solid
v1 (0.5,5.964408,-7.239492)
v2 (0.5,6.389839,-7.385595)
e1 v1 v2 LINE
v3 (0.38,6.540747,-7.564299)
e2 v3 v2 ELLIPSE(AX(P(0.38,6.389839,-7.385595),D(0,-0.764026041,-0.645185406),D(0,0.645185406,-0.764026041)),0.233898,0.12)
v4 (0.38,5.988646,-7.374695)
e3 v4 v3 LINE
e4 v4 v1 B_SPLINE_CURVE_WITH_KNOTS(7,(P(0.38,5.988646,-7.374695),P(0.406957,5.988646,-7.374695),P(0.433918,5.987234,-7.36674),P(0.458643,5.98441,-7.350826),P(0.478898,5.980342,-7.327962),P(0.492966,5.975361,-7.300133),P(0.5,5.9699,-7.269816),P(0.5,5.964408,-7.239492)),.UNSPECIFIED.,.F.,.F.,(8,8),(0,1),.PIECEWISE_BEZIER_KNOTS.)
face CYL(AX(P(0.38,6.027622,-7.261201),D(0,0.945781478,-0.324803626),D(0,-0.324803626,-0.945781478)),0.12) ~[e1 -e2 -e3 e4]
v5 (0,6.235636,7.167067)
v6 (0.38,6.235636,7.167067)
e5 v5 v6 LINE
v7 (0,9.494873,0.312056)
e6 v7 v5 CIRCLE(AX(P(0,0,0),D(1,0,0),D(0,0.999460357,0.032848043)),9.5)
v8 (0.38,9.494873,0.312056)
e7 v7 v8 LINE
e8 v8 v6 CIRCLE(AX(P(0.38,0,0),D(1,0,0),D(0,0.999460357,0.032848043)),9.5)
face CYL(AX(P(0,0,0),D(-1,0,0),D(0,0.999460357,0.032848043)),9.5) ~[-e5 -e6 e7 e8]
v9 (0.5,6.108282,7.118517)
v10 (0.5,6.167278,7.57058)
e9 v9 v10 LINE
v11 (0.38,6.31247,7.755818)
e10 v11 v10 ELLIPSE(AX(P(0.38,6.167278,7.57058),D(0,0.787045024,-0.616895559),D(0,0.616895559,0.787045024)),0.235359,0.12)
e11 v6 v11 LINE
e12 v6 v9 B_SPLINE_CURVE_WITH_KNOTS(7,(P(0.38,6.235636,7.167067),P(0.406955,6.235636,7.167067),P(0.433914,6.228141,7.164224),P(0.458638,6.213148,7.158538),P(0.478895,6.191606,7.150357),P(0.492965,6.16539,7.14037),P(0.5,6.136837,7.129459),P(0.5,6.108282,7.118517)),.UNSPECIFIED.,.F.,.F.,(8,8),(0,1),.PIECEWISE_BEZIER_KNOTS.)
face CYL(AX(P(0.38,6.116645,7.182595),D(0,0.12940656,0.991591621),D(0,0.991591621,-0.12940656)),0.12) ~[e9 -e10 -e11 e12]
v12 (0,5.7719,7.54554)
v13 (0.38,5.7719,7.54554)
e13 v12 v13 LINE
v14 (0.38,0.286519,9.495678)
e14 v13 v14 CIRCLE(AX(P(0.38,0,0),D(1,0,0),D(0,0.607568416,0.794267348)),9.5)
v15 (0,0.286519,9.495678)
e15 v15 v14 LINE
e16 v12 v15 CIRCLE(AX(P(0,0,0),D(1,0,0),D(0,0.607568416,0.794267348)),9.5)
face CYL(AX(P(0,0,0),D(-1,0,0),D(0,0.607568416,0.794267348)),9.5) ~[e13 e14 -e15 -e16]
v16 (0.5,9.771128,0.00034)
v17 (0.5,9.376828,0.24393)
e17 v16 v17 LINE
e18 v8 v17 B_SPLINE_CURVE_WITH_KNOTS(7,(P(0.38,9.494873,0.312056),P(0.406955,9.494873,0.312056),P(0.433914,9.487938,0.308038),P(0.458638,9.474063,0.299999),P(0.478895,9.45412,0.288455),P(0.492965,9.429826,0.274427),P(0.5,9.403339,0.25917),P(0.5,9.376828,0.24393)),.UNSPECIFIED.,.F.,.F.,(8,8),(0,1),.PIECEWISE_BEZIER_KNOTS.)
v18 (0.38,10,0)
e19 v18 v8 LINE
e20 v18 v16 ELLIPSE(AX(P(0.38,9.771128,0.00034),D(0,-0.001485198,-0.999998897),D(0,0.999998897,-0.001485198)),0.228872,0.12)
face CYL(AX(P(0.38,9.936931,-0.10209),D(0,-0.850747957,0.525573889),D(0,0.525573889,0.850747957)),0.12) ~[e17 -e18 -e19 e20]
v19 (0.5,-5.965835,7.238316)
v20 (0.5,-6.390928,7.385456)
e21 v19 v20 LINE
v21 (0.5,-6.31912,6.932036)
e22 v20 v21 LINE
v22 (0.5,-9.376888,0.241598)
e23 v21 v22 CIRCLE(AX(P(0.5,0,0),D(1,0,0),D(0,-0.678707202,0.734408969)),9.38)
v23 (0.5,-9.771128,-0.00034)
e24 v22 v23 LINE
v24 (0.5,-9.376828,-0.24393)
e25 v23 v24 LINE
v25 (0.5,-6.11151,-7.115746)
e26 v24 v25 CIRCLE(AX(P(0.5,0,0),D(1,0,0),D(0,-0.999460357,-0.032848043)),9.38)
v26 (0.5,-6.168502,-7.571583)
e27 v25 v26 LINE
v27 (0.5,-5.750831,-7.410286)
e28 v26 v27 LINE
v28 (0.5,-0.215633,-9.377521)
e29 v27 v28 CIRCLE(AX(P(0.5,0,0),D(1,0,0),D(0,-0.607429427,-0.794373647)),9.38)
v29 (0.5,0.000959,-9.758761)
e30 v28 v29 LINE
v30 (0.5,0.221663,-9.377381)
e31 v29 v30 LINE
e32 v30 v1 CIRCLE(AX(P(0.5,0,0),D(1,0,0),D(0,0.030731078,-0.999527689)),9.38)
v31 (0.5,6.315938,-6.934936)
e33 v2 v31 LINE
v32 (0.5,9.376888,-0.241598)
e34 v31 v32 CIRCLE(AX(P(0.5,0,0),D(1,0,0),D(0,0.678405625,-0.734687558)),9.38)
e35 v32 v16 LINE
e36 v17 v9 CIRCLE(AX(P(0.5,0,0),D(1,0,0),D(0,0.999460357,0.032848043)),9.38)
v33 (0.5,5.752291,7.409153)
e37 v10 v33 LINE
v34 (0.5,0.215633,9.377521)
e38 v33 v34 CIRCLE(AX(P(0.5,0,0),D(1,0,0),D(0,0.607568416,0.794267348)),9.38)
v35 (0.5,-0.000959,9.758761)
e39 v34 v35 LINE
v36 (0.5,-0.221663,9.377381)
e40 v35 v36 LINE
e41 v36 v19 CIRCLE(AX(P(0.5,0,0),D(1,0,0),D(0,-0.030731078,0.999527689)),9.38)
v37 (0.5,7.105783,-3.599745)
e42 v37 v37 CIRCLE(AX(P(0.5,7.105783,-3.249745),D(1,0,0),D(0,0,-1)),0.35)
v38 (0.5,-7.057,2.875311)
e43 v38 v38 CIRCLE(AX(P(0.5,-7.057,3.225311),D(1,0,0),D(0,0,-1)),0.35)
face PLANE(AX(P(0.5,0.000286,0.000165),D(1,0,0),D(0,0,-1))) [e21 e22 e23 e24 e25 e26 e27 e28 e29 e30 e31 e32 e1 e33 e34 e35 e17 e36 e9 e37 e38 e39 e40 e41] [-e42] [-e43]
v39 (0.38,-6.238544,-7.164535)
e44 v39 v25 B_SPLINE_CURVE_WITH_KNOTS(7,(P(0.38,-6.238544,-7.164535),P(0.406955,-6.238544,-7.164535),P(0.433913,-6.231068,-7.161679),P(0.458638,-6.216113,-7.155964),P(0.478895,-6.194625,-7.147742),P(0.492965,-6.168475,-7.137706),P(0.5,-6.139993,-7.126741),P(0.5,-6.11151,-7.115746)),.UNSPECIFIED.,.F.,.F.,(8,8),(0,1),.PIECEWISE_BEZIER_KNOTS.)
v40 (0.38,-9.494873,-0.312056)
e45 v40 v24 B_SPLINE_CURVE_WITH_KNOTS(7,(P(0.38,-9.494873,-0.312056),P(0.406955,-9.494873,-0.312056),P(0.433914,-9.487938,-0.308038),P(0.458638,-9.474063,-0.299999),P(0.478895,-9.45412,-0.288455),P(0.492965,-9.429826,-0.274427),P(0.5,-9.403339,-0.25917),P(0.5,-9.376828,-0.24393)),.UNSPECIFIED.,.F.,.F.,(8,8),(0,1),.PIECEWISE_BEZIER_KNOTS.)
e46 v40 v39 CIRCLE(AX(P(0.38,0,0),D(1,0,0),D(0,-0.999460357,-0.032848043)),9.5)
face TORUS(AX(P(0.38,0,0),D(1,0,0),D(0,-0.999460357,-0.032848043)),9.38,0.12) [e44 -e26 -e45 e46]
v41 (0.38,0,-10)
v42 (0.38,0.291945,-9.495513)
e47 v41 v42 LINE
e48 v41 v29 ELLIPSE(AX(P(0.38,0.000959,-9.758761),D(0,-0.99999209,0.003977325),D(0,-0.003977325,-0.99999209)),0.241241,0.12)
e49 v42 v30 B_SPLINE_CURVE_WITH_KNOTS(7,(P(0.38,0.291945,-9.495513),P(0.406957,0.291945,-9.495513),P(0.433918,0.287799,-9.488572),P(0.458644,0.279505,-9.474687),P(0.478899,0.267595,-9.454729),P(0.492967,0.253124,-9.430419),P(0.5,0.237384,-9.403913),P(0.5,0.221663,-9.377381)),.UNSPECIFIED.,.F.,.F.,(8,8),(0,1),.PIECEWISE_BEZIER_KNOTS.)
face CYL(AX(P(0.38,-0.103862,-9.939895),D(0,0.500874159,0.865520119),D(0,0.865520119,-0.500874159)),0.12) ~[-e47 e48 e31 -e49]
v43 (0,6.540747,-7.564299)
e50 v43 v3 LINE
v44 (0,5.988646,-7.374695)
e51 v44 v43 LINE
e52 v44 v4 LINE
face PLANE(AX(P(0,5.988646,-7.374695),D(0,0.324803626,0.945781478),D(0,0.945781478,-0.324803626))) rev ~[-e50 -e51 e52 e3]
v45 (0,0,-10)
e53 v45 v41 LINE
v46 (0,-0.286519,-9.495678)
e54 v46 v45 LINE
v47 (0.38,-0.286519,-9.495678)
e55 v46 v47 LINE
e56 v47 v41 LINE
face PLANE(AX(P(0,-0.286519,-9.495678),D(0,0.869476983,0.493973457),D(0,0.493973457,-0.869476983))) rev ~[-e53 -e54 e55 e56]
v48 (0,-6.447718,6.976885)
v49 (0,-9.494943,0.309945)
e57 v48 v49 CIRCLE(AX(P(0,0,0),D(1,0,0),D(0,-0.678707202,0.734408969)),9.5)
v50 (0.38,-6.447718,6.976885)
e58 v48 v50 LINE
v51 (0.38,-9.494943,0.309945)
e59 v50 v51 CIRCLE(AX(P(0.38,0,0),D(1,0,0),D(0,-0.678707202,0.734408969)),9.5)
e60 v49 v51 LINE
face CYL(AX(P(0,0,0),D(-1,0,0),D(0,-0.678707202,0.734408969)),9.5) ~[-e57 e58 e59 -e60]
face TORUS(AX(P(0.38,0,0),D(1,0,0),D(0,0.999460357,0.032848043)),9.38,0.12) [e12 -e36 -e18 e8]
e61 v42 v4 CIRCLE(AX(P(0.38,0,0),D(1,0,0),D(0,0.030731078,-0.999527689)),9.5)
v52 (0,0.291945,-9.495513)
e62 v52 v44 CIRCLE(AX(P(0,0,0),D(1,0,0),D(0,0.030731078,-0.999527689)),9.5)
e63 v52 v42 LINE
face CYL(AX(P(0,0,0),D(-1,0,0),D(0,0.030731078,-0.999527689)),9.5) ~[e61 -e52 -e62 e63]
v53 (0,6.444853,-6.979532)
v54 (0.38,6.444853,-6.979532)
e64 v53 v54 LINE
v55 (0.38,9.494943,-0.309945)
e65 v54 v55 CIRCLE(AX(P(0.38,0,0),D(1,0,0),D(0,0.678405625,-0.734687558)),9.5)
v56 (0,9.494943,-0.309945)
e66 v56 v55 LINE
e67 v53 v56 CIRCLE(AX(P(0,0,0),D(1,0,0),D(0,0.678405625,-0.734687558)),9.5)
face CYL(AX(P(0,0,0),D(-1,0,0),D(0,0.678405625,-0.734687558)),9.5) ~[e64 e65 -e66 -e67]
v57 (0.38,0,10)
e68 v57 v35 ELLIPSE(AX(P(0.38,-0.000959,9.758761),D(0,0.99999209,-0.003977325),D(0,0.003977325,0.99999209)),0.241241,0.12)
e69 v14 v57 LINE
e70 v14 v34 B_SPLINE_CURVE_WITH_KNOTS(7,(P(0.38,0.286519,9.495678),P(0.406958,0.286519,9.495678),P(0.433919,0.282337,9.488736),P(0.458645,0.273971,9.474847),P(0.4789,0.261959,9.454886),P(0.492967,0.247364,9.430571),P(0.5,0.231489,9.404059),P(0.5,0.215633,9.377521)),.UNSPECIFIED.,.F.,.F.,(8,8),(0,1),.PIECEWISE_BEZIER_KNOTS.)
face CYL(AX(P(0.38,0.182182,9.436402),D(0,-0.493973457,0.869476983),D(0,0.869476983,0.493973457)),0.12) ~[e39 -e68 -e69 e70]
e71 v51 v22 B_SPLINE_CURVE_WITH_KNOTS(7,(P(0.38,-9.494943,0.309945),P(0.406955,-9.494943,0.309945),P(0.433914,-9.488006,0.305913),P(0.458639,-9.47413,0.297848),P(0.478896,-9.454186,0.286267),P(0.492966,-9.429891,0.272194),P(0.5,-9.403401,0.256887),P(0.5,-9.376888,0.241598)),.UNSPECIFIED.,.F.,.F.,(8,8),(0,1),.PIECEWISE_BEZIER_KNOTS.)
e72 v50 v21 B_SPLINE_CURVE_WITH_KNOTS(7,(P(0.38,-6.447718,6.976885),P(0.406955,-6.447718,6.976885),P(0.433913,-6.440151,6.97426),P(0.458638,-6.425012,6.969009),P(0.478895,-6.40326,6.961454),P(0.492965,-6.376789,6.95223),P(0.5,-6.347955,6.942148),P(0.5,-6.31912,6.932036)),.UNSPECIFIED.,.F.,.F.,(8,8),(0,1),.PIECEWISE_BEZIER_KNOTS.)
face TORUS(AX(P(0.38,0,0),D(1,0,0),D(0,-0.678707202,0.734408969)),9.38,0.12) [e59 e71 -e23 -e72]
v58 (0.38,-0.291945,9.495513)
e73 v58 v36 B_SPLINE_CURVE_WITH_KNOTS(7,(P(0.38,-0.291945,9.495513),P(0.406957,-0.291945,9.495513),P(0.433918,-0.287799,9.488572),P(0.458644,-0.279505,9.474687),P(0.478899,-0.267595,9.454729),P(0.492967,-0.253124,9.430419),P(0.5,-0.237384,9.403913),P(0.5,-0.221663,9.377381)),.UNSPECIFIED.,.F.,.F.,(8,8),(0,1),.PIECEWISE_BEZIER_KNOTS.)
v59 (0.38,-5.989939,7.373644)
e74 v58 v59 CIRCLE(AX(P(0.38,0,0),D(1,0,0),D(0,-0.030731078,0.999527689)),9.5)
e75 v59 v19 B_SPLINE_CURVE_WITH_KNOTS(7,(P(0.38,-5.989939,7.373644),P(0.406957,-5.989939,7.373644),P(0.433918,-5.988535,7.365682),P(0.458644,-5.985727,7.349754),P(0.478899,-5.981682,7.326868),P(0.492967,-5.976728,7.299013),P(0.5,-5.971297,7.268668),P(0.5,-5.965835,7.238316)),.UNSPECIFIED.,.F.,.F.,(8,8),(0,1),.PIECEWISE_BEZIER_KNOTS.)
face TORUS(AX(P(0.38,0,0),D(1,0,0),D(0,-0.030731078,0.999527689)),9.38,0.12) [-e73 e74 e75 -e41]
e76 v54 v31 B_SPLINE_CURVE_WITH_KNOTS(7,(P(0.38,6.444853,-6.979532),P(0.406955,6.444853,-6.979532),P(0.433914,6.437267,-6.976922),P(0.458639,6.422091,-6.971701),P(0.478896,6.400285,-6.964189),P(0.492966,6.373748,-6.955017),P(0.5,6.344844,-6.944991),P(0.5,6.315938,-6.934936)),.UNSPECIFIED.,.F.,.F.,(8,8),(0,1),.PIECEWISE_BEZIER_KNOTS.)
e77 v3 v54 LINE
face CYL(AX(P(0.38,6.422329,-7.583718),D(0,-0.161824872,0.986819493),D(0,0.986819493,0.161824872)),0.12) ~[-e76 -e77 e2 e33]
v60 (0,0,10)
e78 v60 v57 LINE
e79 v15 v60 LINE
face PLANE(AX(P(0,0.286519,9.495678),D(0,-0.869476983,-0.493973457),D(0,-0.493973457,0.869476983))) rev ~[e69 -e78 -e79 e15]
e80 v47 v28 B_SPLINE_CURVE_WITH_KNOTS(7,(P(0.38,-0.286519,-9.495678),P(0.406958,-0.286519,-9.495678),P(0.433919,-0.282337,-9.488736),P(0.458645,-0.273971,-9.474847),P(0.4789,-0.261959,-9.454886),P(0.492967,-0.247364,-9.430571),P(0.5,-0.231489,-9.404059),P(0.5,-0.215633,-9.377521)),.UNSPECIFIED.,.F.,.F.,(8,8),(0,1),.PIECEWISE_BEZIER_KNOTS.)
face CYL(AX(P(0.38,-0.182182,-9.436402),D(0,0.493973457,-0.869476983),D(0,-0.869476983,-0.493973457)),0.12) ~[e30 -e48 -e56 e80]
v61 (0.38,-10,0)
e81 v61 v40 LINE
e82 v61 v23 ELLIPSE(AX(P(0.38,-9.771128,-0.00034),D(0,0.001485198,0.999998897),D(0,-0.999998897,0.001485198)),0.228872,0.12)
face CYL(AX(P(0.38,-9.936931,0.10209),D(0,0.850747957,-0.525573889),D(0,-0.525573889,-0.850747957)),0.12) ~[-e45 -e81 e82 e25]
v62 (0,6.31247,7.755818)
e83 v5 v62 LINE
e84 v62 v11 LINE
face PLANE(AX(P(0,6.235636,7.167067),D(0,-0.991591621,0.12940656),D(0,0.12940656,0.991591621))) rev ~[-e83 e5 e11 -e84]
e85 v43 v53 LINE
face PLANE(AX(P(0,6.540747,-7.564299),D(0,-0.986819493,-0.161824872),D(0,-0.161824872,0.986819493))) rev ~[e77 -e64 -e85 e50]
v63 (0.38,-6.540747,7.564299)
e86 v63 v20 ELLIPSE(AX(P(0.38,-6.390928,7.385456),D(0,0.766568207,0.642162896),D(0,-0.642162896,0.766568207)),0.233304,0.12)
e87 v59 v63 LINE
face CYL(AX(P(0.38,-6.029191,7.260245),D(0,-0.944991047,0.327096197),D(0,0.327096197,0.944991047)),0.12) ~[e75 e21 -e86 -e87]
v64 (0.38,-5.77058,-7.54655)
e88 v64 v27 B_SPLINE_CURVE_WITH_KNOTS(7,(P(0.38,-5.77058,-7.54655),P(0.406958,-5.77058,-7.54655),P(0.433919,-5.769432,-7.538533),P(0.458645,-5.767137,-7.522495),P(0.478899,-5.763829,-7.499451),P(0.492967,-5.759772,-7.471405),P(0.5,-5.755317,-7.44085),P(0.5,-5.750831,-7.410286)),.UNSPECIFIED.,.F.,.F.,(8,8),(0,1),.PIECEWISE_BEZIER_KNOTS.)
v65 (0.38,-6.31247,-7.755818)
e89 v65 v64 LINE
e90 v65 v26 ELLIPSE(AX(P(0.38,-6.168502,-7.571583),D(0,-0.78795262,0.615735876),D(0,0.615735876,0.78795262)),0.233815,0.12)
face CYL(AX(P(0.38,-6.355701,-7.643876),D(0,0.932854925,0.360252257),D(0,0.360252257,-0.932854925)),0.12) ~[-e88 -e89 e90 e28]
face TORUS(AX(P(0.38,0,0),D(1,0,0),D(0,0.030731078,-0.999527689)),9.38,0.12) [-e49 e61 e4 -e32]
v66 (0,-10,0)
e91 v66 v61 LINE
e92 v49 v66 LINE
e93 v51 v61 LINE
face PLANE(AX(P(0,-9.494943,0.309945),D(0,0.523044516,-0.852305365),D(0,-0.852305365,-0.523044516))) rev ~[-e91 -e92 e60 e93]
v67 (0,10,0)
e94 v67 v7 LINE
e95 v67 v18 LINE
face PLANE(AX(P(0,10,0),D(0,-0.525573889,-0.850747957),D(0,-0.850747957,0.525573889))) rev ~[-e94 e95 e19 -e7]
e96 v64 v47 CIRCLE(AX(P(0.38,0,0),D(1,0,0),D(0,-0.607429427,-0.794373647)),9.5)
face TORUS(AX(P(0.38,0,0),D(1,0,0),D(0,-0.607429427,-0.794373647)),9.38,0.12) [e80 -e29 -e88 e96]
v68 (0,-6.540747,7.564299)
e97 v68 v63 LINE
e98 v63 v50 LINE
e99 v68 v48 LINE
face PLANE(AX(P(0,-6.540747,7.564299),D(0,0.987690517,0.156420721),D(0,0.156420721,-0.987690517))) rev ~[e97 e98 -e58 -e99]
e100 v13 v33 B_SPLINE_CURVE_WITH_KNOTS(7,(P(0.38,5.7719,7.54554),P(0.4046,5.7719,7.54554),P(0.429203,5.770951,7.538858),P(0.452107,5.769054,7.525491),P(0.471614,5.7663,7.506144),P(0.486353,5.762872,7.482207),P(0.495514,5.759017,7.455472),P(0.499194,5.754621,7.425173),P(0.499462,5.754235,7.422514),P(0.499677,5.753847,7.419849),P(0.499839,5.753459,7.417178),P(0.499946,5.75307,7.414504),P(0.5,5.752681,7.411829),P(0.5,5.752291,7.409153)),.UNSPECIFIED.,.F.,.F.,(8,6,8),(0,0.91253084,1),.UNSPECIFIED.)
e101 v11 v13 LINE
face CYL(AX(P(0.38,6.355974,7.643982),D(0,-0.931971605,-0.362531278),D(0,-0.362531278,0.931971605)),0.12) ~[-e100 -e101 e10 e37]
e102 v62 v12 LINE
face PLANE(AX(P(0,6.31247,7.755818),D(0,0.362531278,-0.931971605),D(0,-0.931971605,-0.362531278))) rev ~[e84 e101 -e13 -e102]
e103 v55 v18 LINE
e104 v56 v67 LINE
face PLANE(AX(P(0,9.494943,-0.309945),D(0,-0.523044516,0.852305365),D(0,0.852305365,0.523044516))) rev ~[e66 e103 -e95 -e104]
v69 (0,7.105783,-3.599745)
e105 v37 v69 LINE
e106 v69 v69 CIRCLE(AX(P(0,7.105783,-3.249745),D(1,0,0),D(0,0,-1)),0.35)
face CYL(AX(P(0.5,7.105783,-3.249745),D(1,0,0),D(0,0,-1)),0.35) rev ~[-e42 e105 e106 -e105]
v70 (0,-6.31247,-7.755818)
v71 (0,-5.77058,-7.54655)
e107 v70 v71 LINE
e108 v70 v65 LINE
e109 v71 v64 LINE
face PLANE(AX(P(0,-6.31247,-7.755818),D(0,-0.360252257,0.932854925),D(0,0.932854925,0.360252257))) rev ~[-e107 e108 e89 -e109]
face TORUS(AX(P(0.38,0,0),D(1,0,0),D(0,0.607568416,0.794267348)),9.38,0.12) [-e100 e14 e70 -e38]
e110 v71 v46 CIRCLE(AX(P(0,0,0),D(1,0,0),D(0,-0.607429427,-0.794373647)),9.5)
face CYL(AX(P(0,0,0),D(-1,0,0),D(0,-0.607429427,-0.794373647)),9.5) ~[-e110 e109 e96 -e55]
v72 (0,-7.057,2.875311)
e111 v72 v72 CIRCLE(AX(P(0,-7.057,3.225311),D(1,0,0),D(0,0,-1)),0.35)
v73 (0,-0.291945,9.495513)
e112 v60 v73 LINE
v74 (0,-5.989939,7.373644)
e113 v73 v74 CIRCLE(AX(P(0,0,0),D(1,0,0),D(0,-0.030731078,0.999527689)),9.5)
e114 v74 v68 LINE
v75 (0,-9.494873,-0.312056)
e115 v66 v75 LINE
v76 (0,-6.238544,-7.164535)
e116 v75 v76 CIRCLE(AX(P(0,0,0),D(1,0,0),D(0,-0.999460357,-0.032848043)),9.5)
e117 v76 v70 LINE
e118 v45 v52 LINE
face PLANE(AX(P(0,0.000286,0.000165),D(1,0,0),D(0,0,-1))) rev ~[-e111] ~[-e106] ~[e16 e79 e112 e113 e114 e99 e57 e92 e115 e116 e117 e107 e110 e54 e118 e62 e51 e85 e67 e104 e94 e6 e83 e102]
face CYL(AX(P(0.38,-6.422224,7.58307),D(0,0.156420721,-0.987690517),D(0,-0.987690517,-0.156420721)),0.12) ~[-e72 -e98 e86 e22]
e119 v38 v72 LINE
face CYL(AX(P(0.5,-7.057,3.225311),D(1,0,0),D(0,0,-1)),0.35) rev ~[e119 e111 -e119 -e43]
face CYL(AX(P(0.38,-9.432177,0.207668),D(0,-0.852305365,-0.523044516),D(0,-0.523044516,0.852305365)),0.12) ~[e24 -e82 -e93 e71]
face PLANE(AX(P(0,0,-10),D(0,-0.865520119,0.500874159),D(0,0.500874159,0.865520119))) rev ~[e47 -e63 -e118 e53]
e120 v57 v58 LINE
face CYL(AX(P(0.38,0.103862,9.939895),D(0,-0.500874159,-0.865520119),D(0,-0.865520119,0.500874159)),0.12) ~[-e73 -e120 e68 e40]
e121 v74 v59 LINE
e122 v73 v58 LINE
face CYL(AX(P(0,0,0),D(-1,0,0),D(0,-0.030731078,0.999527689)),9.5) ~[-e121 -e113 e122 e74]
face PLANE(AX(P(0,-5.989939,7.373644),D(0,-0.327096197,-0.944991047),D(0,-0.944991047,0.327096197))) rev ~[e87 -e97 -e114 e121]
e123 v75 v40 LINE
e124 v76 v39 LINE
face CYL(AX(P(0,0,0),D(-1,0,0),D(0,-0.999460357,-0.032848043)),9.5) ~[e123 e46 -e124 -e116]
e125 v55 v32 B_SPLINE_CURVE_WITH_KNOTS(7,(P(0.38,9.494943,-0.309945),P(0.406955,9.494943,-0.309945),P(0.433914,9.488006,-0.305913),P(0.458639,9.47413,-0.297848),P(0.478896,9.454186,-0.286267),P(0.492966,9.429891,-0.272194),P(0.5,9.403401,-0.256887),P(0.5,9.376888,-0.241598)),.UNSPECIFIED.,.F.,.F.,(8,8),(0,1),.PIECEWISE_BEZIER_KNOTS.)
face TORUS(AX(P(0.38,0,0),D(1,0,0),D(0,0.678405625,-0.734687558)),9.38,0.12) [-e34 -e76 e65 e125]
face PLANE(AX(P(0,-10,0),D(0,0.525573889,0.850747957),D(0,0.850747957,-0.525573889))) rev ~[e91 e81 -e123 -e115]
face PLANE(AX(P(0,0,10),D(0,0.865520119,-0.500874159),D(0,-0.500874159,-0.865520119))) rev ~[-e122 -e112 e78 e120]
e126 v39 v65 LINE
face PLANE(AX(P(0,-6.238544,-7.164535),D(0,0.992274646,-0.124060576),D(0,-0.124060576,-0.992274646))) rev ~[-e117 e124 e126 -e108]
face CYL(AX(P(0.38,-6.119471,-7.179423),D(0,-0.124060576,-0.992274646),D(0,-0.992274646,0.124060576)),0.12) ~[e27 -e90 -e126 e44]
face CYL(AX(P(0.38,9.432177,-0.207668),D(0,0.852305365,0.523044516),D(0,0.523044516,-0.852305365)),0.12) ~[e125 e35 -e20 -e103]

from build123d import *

# Parameters (mm, degrees)
RESSALTO_EXTRUS_O1_DEPTH = 0.5
FILETE2_R                = 0.12
ESBO_O3_R                = 0.35
CORTE_EXTRUS_O1_DEPTH    = 0.5


with BuildPart() as part:
    # Esboço1 → Ressalto-extrusão1 (new body)
    with BuildSketch(Plane(origin=(0, 0, 0), x_dir=(0, 0, -1), z_dir=(1, 0, 0))):
        with BuildLine():
            Line((7.755818376, -6.312470303), (7.546549647, -5.770579557))
            ThreePointArc((7.546549647, -5.770579557), (8.951430844, -3.181491135), (9.495678331, -0.286518819))
            Line((9.495678331, -0.286518819), (10, 0))
            Line((10, 0), (9.495513044, 0.291945241))
            ThreePointArc((9.495513044, 0.291945241), (8.903037488, 3.314501996), (7.374694694, 5.988645771))
            Line((7.374694694, 5.988645771), (7.564299357, 6.540747299))
            Line((7.564299357, 6.540747299), (6.979531804, 6.444853435))
            ThreePointArc((6.979531804, 6.444853435), (3.95093379, 8.639451498), (0.30994469, 9.494942564))
            Line((0.30994469, 9.494942564), (0, 10))
            Line((0, 10), (-0.312056411, 9.494873395))
            ThreePointArc((-0.312056411, 9.494873395), (-4.079212885, 8.579628328), (-7.167066673, 6.235635918))
            Line((-7.167066673, 6.235635918), (-7.755818376, 6.312470303))
            Line((-7.755818376, 6.312470303), (-7.545539803, 5.771899955))
            ThreePointArc((-7.545539803, 5.771899955), (-8.951152463, 3.182274278), (-9.495678331, 0.286518819))
            Line((-9.495678331, 0.286518819), (-10, 0))
            Line((-10, 0), (-9.495513044, -0.291945241))
            ThreePointArc((-9.495513044, -0.291945241), (-8.902746815, -3.315282665), (-7.373644327, -5.98993901))
            Line((-7.373644327, -5.98993901), (-7.564299357, -6.540747299))
            Line((-7.564299357, -6.540747299), (-6.976885209, -6.447718417))
            ThreePointArc((-6.976885209, -6.447718417), (-3.949160195, -8.640262366), (-0.30994469, -9.494942564))
            Line((-0.30994469, -9.494942564), (0, -10))
            Line((0, -10), (0.312056411, -9.494873395))
            ThreePointArc((0.312056411, -9.494873395), (4.077471711, -8.580455958), (7.16453525, -6.238544273))
            Line((7.16453525, -6.238544273), (7.755818376, -6.312470303))
        make_face()
    extrude(amount=RESSALTO_EXTRUS_O1_DEPTH)

    # Filete2
    filete2_edges = [part.edges().sort_by_distance(p)[0] for p in [
        (0.5, -0.14325941, -9.747839166),
        (0.5, 0.145972621, -9.747756522),
        (0.5, 3.314501996, -8.903037488),
        (0.5, 6.264696535, -7.469497026),
        (0.5, 6.492800367, -7.271915581),
        (0.5, 8.639451498, -3.95093379),
        (0.5, 9.747471282, -0.154972345),
        (0.5, 9.747436698, 0.156028205),
        (0.5, 8.579628328, 4.079212885),
        (0.5, 6.274053111, 7.461442524),
        (0.5, -6.04152493, -7.651184011),
        (0.5, 6.042185129, 7.650679089),
        (0.5, 3.182274278, 8.951152463),
        (0.5, 0.14325941, 9.747839166),
        (0.5, -0.145972621, 9.747756522),
        (0.5, -3.315282665, 8.902746815),
        (0.5, -6.265343155, 7.468971842),
        (0.5, -6.494232858, 7.270592283),
        (0.5, -8.640262366, 3.949160195),
        (0.5, -9.747471282, 0.154972345),
        (0.5, -3.181491135, -8.951430844),
        (0.5, -9.747436698, -0.156028205),
        (0.5, -8.580455958, -4.077471711),
        (0.5, -6.275507288, -7.460176813),
    ]]
    fillet(filete2_edges, radius=FILETE2_R)

    # Esboço3 → Corte-extrusão1 (cut)
    with BuildSketch(Plane(origin=(0.5, 0, 0), x_dir=(0, 0, -1), z_dir=(1, 0, 0))):
        with Locations((3.249745018, 7.105782814)):
            Circle(ESBO_O3_R)
        with Locations((-3.225311319, -7.056999805)):
            Circle(ESBO_O3_R)
    extrude(amount=-CORTE_EXTRUS_O1_DEPTH, mode=Mode.SUBTRACT)


solid = part.part
